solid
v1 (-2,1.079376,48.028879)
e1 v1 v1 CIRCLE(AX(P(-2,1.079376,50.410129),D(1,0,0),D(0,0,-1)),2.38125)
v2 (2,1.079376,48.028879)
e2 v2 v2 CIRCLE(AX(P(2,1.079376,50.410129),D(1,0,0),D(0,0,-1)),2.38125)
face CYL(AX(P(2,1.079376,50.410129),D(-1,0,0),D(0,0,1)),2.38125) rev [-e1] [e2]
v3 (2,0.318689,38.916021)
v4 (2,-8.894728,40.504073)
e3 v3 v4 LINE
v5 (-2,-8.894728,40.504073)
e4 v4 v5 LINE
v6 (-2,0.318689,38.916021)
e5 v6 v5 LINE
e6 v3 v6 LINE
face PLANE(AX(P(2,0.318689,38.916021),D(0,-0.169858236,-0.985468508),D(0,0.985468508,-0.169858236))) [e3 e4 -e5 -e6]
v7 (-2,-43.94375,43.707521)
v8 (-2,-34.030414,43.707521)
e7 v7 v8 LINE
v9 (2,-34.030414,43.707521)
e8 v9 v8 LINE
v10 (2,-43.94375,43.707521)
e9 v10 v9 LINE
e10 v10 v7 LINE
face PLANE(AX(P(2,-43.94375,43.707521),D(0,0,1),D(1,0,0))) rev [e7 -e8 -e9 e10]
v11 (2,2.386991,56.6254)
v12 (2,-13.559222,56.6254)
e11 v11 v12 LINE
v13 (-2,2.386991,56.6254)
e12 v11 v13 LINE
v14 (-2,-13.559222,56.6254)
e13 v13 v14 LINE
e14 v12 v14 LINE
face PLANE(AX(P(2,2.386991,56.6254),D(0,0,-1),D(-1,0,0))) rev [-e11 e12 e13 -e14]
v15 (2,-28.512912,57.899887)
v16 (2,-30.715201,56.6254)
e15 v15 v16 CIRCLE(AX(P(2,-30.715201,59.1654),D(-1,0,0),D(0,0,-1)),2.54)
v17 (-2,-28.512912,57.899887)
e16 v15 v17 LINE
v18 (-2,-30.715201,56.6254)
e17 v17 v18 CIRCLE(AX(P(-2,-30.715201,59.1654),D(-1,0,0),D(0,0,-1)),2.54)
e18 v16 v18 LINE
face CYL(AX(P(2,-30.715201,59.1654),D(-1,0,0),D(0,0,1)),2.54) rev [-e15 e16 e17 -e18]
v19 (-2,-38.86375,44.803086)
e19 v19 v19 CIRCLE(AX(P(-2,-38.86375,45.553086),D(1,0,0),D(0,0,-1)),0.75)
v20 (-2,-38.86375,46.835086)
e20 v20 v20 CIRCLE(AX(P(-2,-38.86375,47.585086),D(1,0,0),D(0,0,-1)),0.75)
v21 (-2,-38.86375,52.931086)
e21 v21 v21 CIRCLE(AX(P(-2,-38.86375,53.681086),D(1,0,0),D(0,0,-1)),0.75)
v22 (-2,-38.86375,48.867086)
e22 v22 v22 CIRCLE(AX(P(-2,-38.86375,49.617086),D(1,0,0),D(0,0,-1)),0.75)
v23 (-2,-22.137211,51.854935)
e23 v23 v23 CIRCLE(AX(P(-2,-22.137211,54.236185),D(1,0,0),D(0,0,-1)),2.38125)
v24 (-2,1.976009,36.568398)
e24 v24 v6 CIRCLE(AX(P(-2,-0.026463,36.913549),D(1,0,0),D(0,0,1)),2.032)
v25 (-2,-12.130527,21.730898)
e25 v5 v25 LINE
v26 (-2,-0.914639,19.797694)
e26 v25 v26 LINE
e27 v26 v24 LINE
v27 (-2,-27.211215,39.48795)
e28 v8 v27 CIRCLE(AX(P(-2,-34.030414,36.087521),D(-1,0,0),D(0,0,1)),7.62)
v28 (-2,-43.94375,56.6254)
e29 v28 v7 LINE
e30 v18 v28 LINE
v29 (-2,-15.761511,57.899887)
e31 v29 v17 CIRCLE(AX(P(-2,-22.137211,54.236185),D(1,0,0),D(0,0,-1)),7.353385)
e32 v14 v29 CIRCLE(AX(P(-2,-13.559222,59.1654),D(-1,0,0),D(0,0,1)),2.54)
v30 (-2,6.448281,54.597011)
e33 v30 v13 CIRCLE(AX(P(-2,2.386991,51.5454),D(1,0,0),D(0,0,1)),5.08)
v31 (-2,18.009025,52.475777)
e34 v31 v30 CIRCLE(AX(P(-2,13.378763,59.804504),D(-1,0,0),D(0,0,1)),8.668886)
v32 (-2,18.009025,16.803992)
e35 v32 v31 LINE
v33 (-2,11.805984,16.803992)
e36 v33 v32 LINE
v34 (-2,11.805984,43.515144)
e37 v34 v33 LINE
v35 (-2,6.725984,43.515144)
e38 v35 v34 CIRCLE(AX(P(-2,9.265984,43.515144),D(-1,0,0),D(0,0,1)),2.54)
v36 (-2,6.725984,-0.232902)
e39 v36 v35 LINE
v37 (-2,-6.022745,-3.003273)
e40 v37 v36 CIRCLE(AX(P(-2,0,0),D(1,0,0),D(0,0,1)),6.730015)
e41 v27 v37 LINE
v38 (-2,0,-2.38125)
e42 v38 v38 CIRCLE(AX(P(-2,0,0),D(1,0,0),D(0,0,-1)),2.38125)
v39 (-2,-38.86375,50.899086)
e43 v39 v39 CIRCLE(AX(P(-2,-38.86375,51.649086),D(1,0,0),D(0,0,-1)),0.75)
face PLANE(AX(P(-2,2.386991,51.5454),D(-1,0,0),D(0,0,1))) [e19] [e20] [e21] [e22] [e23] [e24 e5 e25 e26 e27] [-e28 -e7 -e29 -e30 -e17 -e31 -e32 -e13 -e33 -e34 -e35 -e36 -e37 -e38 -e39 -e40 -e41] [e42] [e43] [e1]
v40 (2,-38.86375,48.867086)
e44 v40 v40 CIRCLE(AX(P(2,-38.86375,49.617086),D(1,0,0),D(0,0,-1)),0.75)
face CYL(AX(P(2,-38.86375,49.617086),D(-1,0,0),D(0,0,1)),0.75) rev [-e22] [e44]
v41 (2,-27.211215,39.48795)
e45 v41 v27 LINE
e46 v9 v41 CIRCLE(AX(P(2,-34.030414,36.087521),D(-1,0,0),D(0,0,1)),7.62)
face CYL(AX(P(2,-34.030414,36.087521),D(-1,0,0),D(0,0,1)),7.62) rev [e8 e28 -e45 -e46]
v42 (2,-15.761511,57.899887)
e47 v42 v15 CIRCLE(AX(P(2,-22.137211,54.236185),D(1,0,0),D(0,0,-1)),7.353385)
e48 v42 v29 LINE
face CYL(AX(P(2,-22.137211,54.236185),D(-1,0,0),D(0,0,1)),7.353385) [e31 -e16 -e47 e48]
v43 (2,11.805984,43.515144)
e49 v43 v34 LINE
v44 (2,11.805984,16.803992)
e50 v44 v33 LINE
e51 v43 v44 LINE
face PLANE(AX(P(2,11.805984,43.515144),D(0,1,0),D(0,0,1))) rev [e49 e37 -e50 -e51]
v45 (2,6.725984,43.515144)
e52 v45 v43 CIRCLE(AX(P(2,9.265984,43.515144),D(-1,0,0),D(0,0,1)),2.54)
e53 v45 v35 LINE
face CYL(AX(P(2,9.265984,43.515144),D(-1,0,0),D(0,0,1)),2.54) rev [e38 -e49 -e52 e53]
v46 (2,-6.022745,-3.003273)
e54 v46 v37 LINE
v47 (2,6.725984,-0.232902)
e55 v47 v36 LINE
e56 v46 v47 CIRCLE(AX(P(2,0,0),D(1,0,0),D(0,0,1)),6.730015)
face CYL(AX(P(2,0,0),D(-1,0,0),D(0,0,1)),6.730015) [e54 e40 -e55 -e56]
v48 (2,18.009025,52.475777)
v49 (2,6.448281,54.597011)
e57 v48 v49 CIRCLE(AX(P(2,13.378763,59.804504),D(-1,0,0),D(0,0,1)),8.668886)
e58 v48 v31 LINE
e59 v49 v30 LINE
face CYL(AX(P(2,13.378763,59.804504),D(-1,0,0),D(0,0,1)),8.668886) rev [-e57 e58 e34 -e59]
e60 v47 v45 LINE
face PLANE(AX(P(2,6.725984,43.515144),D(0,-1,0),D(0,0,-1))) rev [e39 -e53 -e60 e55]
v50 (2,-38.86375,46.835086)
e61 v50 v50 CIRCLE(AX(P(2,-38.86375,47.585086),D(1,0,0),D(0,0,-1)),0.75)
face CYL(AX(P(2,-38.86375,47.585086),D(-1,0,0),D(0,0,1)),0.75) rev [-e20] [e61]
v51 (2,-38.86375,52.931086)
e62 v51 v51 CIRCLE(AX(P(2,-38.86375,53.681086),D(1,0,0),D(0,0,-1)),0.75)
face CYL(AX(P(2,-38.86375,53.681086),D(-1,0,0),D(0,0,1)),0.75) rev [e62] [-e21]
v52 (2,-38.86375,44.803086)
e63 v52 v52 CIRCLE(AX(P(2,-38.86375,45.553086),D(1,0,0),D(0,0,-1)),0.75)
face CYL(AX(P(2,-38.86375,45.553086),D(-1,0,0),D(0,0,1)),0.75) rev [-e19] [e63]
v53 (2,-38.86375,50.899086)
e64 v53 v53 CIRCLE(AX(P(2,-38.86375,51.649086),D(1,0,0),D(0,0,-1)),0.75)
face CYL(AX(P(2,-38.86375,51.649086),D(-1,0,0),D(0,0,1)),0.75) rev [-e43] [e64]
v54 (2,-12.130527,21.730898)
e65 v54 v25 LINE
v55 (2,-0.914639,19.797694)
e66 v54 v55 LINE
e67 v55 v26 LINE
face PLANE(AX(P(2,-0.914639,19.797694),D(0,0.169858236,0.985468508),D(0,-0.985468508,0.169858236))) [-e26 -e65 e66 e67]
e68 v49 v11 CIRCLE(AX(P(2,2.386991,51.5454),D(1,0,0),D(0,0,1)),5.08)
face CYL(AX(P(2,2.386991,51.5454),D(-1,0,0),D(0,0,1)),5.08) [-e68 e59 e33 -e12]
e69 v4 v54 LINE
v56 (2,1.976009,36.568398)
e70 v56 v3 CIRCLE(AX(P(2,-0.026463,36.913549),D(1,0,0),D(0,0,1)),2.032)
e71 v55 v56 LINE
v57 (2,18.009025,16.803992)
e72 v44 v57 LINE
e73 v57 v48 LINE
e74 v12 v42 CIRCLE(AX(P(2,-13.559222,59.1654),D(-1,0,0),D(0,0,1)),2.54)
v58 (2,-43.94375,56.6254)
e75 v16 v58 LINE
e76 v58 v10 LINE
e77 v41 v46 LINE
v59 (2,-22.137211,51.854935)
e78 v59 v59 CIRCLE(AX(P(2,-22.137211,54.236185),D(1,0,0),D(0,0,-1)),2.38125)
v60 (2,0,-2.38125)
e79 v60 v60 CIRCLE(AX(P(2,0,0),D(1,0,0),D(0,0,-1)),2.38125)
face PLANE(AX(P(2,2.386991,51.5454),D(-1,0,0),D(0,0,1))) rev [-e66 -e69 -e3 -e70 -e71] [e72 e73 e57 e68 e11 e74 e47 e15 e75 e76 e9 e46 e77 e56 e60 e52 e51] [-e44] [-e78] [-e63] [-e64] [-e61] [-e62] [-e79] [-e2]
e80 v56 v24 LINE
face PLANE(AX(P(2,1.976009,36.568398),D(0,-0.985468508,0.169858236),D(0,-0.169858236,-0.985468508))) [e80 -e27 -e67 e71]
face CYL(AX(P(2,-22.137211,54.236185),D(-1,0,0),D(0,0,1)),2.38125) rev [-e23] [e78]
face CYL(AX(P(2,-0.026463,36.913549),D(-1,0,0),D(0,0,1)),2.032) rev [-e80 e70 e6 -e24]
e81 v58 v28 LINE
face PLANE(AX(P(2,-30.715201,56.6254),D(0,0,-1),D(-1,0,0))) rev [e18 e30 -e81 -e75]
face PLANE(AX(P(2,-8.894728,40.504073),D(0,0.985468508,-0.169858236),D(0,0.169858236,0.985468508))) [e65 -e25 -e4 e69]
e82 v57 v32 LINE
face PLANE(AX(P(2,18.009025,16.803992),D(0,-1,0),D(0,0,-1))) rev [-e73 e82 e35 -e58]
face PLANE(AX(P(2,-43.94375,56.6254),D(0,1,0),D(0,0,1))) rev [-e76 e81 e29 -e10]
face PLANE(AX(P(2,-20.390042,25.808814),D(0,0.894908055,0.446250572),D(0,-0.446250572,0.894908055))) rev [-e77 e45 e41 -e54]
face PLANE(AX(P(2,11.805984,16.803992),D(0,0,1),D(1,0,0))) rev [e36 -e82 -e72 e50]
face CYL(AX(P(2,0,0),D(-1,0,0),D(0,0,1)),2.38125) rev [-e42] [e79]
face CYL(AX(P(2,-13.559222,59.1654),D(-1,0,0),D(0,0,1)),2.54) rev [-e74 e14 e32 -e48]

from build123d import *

# Parameters (mm, degrees)
SKETCH1_R           = 2.38125
SKETCH1_R_2         = 0.75
BOSS_EXTRUDE1_DEPTH = 2


with BuildPart() as part:
    # Sketch1 → Boss-Extrude1 (new, symmetric)
    with BuildSketch(Plane(origin=(0, 0, 0), x_dir=(0, 0, -1), z_dir=(1, 0, 0))):
        with BuildLine():
            Line((-56.625400227, 2.386991318), (-56.625400227, -13.559221537))
            ThreePointArc((-56.625400227, -13.559221537), (-56.966991368, -14.831463057), (-57.899887224, -15.761510537))
            ThreePointArc((-57.899887224, -15.761510537), (-61.589569936, -22.137211246), (-57.899887224, -28.512911956))
            ThreePointArc((-57.899887224, -28.512911956), (-56.966991368, -29.442959435), (-56.625400227, -30.715200956))
            Line((-56.625400227, -30.715200956), (-56.625400227, -43.943749635))
            Line((-56.625400227, -43.943749635), (-43.707520647, -43.943749635))
            Line((-43.707520647, -43.943749635), (-43.707520647, -34.030414011))
            ThreePointArc((-43.707520647, -34.030414011), (-42.567322793, -30.020854914), (-39.487950002, -27.21121463))
            Line((-39.487950002, -27.21121463), (-25.808814493, -20.390042329))
            Line((-25.808814493, -20.390042329), (3.003273, -6.022744555))
            ThreePointArc((3.003273, -6.022744555), (6.576528363, 1.429116992), (0.23290188, 6.72598375))
            Line((0.23290188, 6.72598375), (-43.515144264, 6.72598375))
            ThreePointArc((-43.515144264, 6.72598375), (-46.055144264, 9.26598375), (-43.515144264, 11.80598375))
            Line((-43.515144264, 11.80598375), (-16.803992093, 11.80598375))
            Line((-16.803992093, 11.80598375), (-16.803992093, 18.009025029))
            Line((-16.803992093, 18.009025029), (-52.475776529, 18.009025029))
            ThreePointArc((-52.475776529, 18.009025029), (-51.277962728, 11.814262359), (-54.597011148, 6.44828062))
            ThreePointArc((-54.597011148, 6.44828062), (-56.090099528, 4.65681692), (-56.625400227, 2.386991318))
        make_face()
        Circle(SKETCH1_R, mode=Mode.SUBTRACT)
        with Locations((-45.553086475, -38.863749635)):
            Circle(SKETCH1_R_2, mode=Mode.SUBTRACT)
        with Locations((-47.585086475, -38.863749635)):
            Circle(SKETCH1_R_2, mode=Mode.SUBTRACT)
        with Locations((-49.617086475, -38.863749635)):
            Circle(SKETCH1_R_2, mode=Mode.SUBTRACT)
        with Locations((-51.649086475, -38.863749635)):
            Circle(SKETCH1_R_2, mode=Mode.SUBTRACT)
        with Locations((-54.236184525, -22.137211246)):
            Circle(SKETCH1_R, mode=Mode.SUBTRACT)
        with Locations((-50.410128911, 1.079375692)):
            Circle(SKETCH1_R, mode=Mode.SUBTRACT)
        with Locations((-53.681086475, -38.863749635)):
            Circle(SKETCH1_R_2, mode=Mode.SUBTRACT)
        with BuildLine():
            Line((-36.568397511, 1.976008906), (-19.797694446, -0.914638547))
            Line((-19.797694446, -0.914638547), (-21.730897843, -12.13052726))
            Line((-21.730897843, -12.13052726), (-40.504072916, -8.894727872))
            Line((-40.504072916, -8.894727872), (-38.916021454, 0.318688833))
            ThreePointArc((-38.916021454, 0.318688833), (-38.085451708, 1.633557707), (-36.568397511, 1.976008906))
        make_face(mode=Mode.SUBTRACT)
    extrude(amount=BOSS_EXTRUDE1_DEPTH, both=True)


solid = part.part
